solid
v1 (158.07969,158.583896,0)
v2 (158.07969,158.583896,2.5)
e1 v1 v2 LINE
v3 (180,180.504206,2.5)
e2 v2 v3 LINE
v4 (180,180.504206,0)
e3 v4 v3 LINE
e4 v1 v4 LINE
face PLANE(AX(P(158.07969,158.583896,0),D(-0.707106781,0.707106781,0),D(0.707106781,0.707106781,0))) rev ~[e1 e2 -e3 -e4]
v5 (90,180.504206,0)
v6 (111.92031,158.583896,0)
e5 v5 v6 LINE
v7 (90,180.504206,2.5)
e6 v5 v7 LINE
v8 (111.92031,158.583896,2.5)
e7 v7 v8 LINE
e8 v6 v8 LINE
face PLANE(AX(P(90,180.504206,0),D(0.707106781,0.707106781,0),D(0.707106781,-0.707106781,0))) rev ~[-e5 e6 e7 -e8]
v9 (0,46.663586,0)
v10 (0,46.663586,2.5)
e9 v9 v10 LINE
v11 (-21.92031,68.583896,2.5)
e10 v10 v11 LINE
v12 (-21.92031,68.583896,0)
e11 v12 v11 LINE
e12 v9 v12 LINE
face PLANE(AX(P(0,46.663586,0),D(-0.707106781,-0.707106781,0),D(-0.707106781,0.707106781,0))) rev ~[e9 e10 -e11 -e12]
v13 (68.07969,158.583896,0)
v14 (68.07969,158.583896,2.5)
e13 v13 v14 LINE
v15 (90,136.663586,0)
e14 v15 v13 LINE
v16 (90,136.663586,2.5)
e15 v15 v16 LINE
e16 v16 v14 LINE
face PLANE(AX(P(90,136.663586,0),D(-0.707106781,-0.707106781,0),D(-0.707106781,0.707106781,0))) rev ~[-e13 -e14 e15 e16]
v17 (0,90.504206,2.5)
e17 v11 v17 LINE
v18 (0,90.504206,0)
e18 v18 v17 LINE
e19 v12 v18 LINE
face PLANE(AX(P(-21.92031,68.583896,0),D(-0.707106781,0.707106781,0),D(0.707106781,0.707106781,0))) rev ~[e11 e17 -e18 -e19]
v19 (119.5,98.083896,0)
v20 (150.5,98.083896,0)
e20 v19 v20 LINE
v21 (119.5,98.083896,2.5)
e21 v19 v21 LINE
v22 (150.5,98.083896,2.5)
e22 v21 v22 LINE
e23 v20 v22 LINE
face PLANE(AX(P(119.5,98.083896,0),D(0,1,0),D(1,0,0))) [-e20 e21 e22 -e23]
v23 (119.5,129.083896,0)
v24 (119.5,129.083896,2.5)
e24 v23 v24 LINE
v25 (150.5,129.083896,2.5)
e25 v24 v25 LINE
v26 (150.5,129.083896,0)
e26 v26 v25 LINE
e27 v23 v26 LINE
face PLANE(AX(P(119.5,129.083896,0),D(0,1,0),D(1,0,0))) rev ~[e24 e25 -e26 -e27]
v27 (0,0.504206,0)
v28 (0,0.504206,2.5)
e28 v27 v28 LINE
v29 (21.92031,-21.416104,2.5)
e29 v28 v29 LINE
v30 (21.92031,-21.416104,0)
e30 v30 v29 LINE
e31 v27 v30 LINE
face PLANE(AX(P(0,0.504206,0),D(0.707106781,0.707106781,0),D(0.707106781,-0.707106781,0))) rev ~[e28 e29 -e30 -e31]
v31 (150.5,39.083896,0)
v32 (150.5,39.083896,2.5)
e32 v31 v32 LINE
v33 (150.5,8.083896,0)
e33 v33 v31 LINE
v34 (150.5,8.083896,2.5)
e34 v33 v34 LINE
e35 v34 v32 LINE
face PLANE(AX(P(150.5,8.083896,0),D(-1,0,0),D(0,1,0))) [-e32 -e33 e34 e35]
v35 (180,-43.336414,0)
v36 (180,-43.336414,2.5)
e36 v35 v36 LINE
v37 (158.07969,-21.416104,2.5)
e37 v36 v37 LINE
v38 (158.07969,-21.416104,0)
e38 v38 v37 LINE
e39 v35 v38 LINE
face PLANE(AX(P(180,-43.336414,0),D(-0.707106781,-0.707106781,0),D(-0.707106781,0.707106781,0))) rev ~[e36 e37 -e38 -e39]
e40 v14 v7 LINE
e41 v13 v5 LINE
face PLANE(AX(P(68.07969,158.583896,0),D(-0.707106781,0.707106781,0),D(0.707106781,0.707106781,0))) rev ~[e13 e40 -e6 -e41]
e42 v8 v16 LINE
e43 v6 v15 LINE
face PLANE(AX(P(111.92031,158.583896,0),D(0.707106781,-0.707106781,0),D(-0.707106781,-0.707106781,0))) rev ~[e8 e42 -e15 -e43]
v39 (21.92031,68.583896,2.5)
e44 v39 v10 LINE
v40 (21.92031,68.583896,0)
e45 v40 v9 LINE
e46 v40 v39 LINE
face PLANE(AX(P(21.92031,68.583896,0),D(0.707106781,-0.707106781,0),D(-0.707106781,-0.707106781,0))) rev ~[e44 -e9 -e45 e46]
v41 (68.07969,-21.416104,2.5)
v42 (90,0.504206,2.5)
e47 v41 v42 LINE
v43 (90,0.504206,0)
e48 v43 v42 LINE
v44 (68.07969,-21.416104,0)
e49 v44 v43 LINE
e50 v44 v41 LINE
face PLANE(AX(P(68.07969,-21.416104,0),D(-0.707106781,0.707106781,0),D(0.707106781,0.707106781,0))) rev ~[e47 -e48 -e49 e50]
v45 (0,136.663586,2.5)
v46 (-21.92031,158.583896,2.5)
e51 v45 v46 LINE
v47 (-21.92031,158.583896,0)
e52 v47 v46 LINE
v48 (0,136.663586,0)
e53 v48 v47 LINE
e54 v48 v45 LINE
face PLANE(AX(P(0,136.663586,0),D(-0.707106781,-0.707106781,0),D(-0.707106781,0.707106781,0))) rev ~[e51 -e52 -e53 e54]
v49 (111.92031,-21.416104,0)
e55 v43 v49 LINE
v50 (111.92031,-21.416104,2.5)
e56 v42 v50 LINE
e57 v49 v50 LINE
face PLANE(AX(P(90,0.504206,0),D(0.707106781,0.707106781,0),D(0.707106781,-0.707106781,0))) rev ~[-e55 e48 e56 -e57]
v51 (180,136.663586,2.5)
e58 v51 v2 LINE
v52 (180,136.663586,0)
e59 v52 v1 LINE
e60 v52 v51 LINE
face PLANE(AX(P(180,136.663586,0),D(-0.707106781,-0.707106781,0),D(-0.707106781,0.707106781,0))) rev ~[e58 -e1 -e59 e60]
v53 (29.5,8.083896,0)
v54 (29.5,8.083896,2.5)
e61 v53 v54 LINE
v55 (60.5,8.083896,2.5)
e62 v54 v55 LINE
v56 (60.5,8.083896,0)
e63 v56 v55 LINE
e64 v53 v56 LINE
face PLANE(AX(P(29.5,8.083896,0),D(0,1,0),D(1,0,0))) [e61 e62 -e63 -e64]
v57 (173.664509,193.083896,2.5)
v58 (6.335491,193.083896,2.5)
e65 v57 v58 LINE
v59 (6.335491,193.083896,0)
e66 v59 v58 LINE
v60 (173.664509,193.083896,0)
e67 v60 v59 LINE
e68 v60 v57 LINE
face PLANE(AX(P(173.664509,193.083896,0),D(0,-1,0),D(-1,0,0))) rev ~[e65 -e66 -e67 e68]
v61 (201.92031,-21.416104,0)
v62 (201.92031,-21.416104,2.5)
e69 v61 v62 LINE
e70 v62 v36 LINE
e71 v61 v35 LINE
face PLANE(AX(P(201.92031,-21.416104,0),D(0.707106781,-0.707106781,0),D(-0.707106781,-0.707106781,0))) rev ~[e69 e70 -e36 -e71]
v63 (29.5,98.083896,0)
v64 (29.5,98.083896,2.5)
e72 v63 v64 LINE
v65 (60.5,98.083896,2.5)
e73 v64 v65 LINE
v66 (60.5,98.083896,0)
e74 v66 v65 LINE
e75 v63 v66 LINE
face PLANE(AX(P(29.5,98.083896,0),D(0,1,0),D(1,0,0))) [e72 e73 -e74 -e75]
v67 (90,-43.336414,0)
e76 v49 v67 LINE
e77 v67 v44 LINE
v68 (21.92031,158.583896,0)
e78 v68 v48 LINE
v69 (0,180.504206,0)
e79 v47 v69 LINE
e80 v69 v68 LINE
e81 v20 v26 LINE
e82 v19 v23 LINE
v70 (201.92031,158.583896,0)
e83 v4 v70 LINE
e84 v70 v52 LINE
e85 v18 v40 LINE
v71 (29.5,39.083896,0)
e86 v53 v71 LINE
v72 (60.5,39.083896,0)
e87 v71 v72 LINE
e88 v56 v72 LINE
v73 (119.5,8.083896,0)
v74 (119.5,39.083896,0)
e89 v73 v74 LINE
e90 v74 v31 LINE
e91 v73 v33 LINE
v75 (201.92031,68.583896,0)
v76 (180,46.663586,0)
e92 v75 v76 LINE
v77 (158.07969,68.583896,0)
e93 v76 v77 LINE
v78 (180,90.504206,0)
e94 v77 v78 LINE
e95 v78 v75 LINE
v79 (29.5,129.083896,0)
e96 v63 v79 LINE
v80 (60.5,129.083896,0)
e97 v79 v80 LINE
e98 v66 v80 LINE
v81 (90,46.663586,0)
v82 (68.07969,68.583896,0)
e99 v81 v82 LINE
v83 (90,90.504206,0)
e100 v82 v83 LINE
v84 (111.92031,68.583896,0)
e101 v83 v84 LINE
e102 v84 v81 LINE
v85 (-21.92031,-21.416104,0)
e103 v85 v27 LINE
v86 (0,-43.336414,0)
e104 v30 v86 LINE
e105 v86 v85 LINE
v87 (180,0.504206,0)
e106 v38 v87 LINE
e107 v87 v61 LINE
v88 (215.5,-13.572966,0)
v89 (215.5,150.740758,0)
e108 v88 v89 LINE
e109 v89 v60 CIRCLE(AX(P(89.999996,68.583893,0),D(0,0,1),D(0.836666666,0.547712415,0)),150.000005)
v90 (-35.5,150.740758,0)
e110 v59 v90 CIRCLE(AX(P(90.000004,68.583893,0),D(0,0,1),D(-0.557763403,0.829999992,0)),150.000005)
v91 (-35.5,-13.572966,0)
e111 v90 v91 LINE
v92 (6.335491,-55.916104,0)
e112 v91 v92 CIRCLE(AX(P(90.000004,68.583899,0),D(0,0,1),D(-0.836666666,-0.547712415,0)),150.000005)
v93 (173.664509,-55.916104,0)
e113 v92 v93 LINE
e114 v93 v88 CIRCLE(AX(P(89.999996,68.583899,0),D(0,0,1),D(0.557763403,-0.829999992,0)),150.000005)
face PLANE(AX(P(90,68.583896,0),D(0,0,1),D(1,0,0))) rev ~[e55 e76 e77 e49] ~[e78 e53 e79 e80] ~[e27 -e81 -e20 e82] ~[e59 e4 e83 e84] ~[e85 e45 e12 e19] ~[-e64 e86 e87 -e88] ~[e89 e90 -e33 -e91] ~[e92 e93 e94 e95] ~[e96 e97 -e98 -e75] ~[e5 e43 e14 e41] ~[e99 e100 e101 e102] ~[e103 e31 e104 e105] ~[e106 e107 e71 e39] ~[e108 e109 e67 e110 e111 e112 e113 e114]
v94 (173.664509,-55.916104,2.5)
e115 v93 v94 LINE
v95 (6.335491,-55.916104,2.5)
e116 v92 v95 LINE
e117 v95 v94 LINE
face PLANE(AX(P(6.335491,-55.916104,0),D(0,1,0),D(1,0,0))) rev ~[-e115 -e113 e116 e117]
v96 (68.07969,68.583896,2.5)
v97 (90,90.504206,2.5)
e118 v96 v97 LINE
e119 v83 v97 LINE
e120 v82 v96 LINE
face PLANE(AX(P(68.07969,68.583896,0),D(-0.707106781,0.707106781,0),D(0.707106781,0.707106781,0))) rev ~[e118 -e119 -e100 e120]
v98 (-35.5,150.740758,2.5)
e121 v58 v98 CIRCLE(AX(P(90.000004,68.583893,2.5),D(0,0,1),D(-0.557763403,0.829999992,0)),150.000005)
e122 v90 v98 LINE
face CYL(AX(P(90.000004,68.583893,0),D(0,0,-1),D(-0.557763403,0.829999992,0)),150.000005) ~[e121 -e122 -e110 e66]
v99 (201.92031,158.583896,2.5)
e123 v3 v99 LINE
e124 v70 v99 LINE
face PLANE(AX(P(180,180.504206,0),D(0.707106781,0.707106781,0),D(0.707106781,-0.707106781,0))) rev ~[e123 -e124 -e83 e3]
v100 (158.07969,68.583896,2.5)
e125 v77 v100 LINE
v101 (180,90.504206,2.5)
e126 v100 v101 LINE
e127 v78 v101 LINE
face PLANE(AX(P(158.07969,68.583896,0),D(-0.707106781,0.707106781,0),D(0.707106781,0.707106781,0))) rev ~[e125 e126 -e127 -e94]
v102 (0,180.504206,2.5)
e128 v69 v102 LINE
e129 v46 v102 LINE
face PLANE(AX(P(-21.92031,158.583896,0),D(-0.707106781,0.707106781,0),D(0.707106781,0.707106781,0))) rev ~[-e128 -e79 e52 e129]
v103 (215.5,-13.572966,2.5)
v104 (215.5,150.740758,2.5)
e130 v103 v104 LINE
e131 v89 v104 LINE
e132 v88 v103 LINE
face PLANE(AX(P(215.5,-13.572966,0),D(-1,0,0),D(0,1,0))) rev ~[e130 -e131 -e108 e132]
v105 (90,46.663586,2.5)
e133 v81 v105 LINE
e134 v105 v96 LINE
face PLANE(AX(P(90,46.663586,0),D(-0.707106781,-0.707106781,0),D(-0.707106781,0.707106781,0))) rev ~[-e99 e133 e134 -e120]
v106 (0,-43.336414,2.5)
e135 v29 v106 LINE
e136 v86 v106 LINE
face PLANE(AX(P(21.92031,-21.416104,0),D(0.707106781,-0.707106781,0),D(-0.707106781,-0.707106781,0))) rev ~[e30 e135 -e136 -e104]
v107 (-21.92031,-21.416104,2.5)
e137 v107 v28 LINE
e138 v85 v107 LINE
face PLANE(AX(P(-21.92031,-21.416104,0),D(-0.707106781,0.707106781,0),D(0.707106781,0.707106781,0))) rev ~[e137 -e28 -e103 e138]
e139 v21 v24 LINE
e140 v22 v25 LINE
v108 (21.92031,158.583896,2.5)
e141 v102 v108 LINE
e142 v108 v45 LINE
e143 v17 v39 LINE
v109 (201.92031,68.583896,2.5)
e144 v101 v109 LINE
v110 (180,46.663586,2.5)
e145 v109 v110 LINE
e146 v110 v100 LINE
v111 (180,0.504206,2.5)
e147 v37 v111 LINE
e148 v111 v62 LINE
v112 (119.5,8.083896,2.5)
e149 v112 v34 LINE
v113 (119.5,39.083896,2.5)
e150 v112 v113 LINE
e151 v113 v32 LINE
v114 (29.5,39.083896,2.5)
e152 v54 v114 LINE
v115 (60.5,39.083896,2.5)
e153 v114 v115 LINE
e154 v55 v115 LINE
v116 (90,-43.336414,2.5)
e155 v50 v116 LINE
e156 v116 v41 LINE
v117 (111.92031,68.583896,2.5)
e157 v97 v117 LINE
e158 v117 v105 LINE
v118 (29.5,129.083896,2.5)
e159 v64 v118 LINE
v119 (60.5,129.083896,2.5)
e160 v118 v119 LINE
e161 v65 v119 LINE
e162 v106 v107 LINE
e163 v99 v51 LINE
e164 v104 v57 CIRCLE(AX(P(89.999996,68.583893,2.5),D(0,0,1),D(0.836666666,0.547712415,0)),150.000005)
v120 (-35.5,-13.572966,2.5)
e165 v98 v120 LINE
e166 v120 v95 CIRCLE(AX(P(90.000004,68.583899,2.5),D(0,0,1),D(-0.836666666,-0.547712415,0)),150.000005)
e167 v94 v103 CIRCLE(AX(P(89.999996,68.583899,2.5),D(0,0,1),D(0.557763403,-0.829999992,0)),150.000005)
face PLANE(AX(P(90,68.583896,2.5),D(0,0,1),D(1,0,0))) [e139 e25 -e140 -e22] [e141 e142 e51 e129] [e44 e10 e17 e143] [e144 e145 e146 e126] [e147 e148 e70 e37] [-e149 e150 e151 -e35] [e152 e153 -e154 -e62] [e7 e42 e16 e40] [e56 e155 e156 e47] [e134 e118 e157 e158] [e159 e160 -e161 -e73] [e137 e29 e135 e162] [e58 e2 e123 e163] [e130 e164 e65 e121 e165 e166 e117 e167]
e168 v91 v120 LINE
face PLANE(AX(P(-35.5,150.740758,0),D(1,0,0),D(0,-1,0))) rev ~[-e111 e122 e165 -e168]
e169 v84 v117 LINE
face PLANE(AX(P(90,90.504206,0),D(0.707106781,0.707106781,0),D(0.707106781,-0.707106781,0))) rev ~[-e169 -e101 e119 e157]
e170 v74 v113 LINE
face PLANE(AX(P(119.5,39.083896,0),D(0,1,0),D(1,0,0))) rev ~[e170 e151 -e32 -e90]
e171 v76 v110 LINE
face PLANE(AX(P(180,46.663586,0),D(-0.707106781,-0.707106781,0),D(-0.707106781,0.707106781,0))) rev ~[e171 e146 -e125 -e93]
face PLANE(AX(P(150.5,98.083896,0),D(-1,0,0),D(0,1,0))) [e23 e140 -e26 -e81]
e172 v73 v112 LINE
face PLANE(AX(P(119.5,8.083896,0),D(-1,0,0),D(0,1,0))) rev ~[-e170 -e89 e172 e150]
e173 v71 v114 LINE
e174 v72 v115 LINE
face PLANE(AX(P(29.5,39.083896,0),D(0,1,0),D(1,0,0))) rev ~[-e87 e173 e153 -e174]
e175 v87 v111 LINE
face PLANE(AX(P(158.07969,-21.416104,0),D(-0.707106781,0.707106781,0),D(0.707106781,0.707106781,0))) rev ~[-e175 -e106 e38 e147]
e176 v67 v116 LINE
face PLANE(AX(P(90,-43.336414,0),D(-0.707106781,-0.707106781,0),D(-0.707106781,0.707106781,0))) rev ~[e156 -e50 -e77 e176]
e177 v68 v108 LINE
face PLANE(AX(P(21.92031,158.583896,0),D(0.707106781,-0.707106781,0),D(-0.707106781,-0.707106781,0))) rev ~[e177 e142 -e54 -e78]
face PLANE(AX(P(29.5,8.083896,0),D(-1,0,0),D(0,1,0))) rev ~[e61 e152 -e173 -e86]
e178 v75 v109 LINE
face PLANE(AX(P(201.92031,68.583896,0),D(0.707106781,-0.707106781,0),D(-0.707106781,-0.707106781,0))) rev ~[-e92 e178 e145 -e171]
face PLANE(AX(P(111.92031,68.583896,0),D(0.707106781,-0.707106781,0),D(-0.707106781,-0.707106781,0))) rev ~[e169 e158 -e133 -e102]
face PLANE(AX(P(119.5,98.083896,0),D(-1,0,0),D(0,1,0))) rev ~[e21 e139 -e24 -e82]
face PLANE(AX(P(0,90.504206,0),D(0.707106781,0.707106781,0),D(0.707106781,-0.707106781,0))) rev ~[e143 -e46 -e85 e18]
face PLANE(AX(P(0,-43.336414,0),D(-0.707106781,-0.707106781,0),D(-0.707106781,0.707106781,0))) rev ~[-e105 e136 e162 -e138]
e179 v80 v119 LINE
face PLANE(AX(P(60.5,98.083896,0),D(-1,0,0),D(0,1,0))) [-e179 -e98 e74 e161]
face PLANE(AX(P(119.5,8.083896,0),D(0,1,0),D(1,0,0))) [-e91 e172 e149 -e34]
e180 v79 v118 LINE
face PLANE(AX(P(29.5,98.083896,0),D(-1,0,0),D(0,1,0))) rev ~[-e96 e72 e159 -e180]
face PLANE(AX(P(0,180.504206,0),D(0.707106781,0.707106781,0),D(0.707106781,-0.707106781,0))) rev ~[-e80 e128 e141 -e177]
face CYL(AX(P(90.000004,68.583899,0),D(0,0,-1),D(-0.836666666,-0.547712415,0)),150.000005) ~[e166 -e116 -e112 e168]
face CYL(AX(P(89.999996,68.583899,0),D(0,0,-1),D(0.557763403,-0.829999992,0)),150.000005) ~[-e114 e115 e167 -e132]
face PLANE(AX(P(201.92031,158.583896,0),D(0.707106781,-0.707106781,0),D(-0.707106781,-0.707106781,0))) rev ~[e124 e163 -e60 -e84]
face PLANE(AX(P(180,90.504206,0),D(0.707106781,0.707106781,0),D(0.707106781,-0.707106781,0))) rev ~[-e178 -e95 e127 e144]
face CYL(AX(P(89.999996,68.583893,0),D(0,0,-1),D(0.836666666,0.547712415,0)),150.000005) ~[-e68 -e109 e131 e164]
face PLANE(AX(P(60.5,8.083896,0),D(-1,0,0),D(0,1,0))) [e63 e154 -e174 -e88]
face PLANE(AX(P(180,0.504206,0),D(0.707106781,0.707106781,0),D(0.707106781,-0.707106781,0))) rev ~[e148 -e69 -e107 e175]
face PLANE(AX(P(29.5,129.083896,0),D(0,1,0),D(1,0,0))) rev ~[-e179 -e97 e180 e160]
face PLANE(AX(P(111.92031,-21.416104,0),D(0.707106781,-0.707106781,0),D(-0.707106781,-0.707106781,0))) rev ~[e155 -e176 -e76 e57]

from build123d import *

# Parameters (mm, degrees)
F0_W     = 31
F0_H     = 31
F1_DEPTH = 2.5


with BuildPart() as f1:
    # F0 (on Top) → F1 (new body)
    with BuildSketch(Plane.XY):
        with BuildLine():
            Line((173.664509, 193.083896), (6.335491, 193.083896))
            ThreePointArc((6.335491, 193.083896), (-16.703717, 174.008356), (-35.5, 150.740758))
            Line((-35.5, 150.740758), (-35.5, -13.572966))
            ThreePointArc((-35.5, -13.572966), (-16.703717, -36.840564), (6.335491, -55.916104))
            Line((6.335491, -55.916104), (173.664509, -55.916104))
            ThreePointArc((173.664509, -55.916104), (196.703717, -36.840564), (215.5, -13.572966))
            Line((215.5, -13.572966), (215.5, 150.740758))
            ThreePointArc((215.5, 150.740758), (196.703717, 174.008356), (173.664509, 193.083896))
        make_face()
        Polygon((0, -43.336414), (-21.92031, -21.416104), (0, 0.504206), (21.92031, -21.416104), align=None, mode=Mode.SUBTRACT)
        with Locations((45, 23.583896)):
            Rectangle(F0_W, F0_H, mode=Mode.SUBTRACT)
        Polygon((68.07969, -21.416104), (90, 0.504206), (111.92031, -21.416104), (90, -43.336414), align=None, mode=Mode.SUBTRACT)
        Polygon((180, -43.336414), (158.07969, -21.416104), (180, 0.504206), (201.92031, -21.416104), align=None, mode=Mode.SUBTRACT)
        with Locations((135, 23.583896)):
            Rectangle(F0_W, F0_H, mode=Mode.SUBTRACT)
        Polygon((0, 46.663586), (-21.92031, 68.583896), (0, 90.504206), (21.92031, 68.583896), align=None, mode=Mode.SUBTRACT)
        with Locations((45, 113.583896)):
            Rectangle(F0_W, F0_H, mode=Mode.SUBTRACT)
        Polygon((0, 136.663586), (-21.92031, 158.583896), (0, 180.504206), (21.92031, 158.583896), align=None, mode=Mode.SUBTRACT)
        Polygon((90, 136.663586), (68.07969, 158.583896), (90, 180.504206), (111.92031, 158.583896), align=None, mode=Mode.SUBTRACT)
        Polygon((90, 46.663586), (68.07969, 68.583896), (90, 90.504206), (111.92031, 68.583896), align=None, mode=Mode.SUBTRACT)
        with Locations((135, 113.583896)):
            Rectangle(F0_W, F0_H, mode=Mode.SUBTRACT)
        Polygon((180, 46.663586), (158.07969, 68.583896), (180, 90.504206), (201.92031, 68.583896), align=None, mode=Mode.SUBTRACT)
        Polygon((180, 136.663586), (158.07969, 158.583896), (180, 180.504206), (201.92031, 158.583896), align=None, mode=Mode.SUBTRACT)
    extrude(amount=F1_DEPTH)


solid = f1.part
